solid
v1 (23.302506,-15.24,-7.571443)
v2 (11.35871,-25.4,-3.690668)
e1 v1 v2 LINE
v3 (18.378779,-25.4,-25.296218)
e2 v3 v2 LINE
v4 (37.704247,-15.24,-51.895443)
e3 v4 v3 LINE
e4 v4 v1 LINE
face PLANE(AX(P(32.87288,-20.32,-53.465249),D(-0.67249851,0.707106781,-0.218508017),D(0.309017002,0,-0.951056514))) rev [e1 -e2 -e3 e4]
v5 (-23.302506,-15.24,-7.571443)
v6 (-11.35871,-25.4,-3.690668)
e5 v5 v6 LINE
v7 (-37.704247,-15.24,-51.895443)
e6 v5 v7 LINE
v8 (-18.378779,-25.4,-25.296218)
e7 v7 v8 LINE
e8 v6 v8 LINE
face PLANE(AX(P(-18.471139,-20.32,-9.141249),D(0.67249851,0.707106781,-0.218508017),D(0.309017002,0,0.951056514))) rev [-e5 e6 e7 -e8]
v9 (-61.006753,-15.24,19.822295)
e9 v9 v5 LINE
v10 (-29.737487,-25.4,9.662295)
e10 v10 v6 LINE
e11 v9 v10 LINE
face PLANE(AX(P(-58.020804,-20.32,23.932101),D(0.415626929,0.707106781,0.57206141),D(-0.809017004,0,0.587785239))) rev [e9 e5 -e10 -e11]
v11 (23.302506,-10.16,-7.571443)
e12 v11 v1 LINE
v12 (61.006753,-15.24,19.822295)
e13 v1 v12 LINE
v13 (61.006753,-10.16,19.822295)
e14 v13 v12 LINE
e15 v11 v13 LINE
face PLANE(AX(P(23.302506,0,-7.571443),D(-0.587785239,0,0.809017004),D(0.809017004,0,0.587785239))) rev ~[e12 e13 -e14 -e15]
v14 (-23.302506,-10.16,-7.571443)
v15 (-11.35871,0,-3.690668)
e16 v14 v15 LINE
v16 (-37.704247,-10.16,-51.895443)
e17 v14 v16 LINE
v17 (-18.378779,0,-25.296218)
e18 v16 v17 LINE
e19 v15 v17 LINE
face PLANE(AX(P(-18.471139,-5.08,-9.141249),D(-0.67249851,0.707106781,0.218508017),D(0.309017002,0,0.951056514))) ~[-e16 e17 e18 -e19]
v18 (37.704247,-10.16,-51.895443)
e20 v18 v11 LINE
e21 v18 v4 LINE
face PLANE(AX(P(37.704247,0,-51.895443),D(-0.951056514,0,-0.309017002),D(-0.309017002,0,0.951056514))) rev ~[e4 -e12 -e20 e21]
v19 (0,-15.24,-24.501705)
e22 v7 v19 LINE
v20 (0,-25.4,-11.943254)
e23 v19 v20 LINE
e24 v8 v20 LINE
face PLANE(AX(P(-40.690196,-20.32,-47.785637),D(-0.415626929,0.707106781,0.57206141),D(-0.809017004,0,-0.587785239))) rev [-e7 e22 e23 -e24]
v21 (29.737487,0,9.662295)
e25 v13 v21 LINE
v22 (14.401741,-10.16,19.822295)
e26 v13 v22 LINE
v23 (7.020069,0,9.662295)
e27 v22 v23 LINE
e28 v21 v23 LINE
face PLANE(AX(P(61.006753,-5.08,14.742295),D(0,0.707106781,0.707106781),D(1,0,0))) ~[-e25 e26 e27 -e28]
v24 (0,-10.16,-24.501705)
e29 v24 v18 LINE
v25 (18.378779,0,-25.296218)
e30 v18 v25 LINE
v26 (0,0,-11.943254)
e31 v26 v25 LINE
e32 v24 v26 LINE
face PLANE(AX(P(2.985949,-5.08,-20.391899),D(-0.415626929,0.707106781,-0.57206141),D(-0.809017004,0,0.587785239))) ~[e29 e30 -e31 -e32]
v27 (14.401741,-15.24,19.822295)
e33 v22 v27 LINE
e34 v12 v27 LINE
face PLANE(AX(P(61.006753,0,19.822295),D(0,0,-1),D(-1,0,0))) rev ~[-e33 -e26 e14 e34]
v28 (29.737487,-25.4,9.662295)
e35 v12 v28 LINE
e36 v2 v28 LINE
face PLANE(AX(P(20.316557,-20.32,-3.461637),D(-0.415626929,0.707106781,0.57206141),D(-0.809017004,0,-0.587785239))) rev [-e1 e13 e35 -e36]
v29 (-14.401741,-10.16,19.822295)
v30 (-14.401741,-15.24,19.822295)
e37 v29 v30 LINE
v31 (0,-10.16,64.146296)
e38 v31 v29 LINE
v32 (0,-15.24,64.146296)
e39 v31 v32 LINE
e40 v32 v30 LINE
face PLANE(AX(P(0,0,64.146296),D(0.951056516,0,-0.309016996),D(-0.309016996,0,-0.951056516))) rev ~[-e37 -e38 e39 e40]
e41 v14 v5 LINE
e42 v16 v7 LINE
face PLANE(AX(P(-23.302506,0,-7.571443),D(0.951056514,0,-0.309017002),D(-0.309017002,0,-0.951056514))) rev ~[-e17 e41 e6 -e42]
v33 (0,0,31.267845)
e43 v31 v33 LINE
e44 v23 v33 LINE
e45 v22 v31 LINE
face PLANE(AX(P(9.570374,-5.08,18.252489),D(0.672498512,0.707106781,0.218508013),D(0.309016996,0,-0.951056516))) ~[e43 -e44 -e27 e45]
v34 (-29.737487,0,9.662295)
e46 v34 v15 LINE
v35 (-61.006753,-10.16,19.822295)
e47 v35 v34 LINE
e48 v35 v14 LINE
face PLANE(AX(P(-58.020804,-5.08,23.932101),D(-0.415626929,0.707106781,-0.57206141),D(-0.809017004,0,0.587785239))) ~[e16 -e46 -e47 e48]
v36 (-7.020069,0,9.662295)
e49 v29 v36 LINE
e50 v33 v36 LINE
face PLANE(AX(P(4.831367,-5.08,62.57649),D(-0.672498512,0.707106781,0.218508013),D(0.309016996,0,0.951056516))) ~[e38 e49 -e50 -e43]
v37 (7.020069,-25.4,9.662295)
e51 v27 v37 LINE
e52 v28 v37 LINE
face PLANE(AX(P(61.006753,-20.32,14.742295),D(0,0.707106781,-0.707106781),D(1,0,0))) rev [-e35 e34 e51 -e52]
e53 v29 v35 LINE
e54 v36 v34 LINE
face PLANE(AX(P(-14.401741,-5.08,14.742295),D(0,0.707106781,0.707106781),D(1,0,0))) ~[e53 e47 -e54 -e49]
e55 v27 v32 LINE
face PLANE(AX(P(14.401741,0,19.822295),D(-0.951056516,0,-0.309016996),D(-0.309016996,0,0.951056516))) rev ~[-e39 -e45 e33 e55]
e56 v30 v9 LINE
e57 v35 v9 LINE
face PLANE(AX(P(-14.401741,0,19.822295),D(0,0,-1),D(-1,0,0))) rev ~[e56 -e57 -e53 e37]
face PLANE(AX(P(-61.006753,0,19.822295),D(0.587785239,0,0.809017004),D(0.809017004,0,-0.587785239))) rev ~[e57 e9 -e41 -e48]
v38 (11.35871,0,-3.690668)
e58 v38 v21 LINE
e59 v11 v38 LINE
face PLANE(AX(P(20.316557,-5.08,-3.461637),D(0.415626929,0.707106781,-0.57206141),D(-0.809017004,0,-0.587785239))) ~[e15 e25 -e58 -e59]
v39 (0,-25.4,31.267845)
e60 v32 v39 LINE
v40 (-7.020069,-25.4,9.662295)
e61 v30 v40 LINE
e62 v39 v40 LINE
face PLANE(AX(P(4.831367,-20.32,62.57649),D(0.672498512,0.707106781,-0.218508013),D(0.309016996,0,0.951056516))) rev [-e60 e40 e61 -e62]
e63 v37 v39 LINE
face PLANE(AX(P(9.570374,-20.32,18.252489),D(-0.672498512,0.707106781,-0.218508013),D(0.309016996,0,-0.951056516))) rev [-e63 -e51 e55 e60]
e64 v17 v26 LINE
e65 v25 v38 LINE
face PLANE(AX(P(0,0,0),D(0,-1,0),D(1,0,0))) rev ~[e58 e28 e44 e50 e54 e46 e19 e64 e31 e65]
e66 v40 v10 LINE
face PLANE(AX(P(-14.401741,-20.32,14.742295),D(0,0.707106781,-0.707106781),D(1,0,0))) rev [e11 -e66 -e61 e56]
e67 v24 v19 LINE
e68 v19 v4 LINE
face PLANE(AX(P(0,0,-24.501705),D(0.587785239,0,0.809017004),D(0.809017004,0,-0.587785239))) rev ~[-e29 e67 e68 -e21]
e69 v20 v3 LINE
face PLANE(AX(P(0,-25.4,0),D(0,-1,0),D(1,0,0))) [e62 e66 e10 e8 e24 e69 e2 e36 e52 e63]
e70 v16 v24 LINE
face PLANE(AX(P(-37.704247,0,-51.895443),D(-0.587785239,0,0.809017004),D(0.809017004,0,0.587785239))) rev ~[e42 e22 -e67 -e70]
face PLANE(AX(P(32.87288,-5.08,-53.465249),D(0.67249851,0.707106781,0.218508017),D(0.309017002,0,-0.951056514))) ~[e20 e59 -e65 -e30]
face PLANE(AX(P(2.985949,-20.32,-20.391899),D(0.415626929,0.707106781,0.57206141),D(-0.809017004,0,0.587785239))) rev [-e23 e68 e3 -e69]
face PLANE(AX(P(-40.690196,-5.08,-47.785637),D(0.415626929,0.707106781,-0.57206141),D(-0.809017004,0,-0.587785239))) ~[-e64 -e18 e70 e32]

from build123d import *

# Parameters (mm, degrees)
F1_DEPTH = 25.4
F2_SIZE  = 10.16


with BuildPart() as f1:
    # F0 (on Front) → F1 (new body)
    with BuildSketch(Plane.XZ):
        Polygon((14.401741, 19.822295), (0, 64.146296), (-14.401741, 19.822295), (-61.006753, 19.822295), (-23.302506, -7.571443), (-37.704247, -51.895443), (0, -24.501705), (37.704247, -51.895443), (23.302506, -7.571443), (61.006753, 19.822295), align=None)
    extrude(amount=F1_DEPTH)

    # F2
    f2_edges = [f1.edges().sort_by_distance(p)[0] for p in [
        (42.154629, -25.4, 6.125426),
        (37.704247, -25.4, 19.822295),
        (7.20087, -25.4, 41.984296),
        (-7.20087, -25.4, 41.984296),
        (-37.704247, -25.4, 19.822295),
        (-42.154629, -25.4, 6.125426),
        (-30.503376, -25.4, -29.733443),
        (-18.852123, -25.4, -38.198574),
        (18.852123, -25.4, -38.198574),
        (30.503376, -25.4, -29.733443),
        (42.154629, 0, 6.125426),
        (37.704247, 0, 19.822295),
        (7.20087, 0, 41.984296),
        (-7.20087, 0, 41.984296),
        (-37.704247, 0, 19.822295),
        (-42.154629, 0, 6.125426),
        (-30.503376, 0, -29.733443),
        (-18.852123, 0, -38.198574),
        (18.852123, 0, -38.198574),
        (30.503376, 0, -29.733443),
    ]]
    chamfer(f2_edges, length=F2_SIZE)


solid = f1.part
